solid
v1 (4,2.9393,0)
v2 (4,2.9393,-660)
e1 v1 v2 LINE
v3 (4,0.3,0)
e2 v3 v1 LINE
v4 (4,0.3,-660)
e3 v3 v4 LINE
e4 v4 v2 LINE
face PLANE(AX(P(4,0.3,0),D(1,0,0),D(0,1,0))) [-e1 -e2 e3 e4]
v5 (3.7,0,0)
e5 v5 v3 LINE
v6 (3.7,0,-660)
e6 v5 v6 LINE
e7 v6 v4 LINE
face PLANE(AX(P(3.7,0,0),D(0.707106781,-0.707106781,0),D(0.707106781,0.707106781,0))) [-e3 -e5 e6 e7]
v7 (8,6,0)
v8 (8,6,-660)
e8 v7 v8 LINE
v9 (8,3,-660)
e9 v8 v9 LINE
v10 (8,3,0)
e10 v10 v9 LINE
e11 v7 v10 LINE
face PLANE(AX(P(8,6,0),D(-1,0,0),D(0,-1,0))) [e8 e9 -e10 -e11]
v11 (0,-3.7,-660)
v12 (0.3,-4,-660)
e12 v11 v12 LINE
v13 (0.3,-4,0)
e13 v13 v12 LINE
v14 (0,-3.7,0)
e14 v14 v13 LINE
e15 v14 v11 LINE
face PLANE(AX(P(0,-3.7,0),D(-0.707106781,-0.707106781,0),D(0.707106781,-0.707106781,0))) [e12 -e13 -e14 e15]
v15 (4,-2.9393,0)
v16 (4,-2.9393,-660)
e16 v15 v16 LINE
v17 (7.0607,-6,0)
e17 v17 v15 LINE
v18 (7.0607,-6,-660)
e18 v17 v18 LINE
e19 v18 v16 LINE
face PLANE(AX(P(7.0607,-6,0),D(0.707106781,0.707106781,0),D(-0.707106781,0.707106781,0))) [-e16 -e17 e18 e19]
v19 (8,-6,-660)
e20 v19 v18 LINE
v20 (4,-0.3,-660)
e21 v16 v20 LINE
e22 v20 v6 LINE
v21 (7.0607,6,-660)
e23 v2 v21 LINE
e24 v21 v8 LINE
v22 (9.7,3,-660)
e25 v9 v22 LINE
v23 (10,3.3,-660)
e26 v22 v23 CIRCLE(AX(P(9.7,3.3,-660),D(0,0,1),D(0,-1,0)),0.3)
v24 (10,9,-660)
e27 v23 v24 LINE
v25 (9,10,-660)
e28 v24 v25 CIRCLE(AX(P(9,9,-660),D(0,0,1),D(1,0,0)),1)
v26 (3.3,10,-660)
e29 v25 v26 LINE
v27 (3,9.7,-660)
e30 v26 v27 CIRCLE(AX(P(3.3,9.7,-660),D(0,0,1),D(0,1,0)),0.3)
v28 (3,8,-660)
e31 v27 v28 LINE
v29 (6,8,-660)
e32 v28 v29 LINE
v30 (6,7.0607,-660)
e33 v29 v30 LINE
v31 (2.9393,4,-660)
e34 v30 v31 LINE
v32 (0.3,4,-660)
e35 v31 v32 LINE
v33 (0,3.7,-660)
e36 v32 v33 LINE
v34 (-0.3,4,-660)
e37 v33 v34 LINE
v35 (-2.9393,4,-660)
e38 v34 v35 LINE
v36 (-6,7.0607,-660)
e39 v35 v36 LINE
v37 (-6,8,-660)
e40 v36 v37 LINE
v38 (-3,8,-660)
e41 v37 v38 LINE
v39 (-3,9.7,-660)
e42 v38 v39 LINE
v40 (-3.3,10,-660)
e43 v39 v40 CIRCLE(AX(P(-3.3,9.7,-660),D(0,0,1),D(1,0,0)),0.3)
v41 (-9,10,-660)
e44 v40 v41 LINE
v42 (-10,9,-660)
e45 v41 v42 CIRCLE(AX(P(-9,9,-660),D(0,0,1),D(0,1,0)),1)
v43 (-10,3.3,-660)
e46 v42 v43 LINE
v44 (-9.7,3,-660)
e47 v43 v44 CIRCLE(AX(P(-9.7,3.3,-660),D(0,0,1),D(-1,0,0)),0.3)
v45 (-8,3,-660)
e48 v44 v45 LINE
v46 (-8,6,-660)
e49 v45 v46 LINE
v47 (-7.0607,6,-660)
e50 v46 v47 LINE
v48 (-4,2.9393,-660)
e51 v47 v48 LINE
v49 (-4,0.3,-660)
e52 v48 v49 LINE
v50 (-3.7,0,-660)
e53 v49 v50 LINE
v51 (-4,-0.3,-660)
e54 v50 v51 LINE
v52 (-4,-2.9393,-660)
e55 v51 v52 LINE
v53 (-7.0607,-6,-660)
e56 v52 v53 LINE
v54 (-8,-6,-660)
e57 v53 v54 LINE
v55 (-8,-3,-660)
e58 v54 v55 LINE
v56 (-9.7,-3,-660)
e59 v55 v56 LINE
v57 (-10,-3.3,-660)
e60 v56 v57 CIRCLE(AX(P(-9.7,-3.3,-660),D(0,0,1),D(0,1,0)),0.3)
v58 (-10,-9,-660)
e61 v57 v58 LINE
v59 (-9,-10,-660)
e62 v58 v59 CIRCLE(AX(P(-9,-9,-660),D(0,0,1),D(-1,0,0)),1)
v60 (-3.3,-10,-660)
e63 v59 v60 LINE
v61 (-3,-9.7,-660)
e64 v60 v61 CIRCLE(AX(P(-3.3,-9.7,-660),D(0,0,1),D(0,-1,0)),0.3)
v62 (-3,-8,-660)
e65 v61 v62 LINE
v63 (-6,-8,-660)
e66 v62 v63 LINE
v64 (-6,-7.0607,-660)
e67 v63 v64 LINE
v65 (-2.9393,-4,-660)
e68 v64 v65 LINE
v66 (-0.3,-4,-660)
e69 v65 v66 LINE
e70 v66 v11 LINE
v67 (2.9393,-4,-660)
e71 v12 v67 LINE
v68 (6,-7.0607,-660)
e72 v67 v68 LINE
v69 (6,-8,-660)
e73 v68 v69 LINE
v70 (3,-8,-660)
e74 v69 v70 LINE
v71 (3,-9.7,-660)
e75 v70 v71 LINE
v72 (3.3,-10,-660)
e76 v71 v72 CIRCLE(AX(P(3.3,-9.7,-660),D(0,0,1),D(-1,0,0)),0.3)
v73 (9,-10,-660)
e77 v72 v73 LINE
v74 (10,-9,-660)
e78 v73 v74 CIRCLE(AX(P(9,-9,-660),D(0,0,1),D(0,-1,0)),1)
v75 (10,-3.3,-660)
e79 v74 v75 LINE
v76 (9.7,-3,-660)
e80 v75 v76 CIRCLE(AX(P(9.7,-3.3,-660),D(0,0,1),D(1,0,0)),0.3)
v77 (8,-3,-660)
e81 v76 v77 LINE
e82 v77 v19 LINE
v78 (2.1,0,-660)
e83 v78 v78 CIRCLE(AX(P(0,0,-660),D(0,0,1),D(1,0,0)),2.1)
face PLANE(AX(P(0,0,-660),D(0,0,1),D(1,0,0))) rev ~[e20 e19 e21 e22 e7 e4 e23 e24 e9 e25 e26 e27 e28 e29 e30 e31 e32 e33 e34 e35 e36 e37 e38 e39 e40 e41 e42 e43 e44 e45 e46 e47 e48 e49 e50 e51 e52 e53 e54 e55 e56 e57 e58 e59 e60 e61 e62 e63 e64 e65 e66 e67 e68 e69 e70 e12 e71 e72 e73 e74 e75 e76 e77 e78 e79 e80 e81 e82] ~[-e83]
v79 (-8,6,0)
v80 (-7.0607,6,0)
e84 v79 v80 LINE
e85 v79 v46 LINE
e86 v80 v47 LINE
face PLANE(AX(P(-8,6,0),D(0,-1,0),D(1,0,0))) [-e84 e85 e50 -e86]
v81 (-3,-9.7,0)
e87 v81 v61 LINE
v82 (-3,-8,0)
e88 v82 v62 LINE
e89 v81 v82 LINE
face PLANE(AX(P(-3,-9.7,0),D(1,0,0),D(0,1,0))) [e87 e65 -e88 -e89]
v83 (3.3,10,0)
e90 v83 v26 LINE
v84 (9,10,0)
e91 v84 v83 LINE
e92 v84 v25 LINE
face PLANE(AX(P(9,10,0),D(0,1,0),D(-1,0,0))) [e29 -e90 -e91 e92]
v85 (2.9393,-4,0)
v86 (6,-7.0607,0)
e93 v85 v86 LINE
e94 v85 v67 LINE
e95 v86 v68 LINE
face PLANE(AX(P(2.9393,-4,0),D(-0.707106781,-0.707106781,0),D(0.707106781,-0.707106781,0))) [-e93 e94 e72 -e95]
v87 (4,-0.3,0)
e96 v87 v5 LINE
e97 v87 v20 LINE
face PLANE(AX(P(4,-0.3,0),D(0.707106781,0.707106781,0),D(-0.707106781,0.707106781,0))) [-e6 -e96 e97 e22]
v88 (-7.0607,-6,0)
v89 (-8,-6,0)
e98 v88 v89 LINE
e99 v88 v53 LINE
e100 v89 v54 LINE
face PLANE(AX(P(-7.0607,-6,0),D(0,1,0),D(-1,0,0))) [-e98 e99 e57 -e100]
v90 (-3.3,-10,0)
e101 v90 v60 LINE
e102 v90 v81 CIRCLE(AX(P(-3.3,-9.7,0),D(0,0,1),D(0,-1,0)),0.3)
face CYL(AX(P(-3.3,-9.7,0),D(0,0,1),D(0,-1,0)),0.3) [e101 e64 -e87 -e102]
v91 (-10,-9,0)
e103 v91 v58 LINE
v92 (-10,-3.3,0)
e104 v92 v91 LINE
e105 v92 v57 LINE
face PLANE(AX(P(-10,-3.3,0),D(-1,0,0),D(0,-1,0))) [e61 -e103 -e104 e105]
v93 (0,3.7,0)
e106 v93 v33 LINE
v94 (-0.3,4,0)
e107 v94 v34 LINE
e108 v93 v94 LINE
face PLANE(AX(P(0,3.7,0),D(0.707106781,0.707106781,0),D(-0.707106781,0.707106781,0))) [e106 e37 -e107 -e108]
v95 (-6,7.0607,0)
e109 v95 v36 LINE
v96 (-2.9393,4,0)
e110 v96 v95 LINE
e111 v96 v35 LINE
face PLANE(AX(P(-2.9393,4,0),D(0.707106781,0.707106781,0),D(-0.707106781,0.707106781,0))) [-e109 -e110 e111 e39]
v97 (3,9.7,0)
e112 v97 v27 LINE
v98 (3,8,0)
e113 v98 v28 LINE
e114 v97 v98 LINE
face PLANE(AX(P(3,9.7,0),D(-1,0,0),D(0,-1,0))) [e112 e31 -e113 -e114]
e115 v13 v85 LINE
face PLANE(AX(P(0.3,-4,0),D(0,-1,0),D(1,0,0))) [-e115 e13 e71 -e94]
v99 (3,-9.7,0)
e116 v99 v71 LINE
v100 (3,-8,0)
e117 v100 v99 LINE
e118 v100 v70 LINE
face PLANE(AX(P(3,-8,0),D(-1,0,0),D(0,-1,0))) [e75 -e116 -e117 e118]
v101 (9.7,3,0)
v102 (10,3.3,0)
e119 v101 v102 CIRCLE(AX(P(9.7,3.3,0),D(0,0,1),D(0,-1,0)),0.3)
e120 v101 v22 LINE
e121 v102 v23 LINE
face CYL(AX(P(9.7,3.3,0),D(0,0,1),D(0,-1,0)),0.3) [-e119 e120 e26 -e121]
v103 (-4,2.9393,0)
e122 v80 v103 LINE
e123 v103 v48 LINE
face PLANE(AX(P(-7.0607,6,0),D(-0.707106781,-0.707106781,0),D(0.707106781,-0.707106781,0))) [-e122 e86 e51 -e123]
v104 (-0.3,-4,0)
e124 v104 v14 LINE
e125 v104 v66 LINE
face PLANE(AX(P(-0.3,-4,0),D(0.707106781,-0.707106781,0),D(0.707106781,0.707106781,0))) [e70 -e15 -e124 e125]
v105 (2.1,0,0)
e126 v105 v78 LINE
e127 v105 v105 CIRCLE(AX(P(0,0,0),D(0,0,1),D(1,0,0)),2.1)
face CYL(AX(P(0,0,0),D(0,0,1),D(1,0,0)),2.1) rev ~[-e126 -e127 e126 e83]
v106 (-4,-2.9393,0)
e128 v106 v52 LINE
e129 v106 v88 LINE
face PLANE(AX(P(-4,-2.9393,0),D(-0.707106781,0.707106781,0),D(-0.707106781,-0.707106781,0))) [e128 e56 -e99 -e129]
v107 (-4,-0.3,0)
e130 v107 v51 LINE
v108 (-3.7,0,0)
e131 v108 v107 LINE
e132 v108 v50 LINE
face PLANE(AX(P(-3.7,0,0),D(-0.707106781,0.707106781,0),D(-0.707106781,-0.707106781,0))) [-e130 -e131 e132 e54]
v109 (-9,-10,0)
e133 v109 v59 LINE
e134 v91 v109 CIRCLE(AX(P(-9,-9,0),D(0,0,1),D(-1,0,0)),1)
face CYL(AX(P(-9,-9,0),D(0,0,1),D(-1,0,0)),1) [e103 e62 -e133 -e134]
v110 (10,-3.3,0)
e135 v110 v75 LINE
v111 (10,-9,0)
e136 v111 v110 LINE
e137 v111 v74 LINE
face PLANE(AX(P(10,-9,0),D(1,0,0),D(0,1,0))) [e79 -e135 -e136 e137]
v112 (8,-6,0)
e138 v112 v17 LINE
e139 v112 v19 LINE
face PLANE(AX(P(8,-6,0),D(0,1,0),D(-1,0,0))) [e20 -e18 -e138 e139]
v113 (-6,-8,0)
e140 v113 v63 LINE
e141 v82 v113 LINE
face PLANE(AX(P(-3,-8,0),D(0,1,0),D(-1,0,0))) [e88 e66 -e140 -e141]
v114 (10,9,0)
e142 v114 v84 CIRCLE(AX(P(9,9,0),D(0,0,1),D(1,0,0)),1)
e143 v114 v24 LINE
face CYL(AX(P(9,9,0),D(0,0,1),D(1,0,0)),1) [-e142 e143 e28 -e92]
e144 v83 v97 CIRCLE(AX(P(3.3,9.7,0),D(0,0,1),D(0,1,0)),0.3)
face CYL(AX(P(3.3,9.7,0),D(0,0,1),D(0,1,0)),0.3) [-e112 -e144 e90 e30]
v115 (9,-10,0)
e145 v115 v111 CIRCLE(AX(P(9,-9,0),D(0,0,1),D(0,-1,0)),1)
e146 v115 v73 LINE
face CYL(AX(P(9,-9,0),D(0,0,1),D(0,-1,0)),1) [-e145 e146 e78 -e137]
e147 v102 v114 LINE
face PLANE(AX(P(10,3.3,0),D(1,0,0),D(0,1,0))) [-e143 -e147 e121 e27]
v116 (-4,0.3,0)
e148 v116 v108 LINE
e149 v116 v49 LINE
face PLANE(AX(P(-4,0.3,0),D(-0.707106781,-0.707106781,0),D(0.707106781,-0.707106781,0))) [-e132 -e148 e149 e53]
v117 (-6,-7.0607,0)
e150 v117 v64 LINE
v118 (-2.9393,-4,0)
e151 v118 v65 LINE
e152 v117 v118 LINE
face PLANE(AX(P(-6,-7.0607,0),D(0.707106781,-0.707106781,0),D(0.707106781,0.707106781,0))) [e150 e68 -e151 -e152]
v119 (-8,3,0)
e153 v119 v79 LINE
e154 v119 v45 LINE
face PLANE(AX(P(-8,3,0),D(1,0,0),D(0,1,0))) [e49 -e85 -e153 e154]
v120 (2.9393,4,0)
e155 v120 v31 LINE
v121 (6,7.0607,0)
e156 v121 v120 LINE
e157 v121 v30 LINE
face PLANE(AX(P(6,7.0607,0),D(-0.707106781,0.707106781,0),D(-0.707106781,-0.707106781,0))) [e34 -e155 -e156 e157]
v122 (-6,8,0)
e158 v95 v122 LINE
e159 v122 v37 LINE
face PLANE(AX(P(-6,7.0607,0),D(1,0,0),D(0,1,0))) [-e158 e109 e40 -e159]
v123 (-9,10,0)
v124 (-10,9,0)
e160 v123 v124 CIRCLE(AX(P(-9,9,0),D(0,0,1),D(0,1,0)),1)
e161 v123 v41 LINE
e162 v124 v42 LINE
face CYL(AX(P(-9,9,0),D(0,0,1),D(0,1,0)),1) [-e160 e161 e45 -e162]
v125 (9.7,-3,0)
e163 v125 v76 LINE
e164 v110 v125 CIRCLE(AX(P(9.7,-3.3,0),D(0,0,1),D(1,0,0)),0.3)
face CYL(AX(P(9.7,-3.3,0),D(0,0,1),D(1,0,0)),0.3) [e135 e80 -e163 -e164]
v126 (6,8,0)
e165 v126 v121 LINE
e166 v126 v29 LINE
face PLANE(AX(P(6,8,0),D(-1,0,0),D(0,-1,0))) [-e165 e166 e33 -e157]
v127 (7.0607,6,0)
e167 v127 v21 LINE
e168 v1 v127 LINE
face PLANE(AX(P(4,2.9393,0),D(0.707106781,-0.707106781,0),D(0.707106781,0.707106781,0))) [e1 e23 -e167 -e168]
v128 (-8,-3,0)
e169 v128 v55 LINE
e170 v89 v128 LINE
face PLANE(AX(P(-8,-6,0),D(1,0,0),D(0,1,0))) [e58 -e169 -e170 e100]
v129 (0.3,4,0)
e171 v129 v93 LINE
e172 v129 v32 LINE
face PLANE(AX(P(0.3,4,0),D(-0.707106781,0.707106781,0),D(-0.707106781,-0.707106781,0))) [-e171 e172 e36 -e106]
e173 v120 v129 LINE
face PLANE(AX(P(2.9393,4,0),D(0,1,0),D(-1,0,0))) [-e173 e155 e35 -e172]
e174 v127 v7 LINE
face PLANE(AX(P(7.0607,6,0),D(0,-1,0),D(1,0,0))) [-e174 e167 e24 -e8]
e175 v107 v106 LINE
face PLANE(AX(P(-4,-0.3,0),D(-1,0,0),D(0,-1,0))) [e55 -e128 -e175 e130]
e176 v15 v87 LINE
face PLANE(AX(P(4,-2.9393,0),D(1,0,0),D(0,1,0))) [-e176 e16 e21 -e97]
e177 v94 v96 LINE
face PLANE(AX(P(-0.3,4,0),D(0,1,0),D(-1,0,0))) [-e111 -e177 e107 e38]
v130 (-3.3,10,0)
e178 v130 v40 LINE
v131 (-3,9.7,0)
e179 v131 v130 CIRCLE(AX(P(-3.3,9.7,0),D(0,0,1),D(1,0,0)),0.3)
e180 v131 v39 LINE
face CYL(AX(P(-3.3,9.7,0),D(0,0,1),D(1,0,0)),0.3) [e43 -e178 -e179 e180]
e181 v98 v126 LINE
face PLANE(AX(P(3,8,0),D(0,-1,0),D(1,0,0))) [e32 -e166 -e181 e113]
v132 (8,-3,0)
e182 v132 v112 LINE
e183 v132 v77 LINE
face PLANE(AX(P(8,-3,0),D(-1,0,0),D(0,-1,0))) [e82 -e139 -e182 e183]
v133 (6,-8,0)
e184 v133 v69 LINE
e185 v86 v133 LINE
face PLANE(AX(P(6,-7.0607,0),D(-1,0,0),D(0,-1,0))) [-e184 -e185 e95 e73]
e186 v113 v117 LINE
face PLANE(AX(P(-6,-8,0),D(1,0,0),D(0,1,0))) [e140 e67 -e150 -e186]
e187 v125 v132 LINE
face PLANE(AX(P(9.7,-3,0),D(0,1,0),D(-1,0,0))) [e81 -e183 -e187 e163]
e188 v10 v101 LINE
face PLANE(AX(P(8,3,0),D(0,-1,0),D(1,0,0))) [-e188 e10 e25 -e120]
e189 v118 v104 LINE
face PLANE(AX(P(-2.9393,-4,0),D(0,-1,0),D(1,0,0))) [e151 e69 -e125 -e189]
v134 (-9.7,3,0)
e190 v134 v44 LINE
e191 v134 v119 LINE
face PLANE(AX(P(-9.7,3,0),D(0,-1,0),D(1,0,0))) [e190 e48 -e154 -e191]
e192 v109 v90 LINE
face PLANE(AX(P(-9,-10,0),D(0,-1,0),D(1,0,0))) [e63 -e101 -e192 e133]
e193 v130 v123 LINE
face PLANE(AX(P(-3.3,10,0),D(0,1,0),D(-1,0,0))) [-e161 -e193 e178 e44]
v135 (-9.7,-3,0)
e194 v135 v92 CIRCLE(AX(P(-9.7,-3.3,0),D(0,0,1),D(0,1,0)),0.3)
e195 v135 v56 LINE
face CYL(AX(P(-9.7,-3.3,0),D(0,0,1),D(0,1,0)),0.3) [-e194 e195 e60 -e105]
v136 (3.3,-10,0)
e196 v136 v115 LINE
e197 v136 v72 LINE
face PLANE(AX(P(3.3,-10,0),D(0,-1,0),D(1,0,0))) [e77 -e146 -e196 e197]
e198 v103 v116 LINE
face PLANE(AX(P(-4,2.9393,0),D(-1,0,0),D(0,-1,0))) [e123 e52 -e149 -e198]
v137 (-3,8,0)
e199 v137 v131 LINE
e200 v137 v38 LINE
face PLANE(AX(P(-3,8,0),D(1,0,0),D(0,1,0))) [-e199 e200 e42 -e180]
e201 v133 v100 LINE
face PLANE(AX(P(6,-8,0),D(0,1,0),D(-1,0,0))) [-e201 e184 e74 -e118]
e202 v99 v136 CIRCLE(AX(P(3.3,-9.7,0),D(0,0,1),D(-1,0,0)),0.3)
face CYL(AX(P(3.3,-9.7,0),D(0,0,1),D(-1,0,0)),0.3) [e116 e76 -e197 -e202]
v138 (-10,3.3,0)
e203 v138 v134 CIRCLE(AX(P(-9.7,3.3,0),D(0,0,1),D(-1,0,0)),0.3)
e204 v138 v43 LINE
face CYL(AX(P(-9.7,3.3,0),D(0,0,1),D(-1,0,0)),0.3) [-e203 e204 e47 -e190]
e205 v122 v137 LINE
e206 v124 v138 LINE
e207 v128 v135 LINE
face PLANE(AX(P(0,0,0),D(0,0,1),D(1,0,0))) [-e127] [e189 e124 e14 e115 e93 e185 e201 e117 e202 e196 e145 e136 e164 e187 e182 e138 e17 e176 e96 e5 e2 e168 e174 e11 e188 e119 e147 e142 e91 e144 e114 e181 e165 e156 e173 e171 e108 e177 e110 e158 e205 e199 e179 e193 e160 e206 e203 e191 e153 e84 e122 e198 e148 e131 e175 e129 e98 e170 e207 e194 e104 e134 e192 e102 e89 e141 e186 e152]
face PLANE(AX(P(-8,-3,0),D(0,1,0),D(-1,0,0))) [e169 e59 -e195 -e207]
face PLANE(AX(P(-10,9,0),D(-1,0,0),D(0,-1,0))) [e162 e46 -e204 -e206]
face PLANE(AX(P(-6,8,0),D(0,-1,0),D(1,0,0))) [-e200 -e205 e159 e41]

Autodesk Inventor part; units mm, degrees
ref_plane "YZ Plane" through (0, 0, 0) normal (1, 0, 0) x (0, 1, 0)
ref_plane "XZ Plane" through (0, 0, 0) normal (0, 1, 0) x (-1, 0, 0)
ref_plane "XY Plane" through (0, 0, 0) normal (0, 0, 1) x (1, 0, 0)
sketch "Sketch_5" plane through (0, 0, 0) normal (0, 0, 1) x (1, 0, 0)
  line L0 (-10, 9) -> (-10, 3.3)
  arc A0 (-10, 3.3) -> (-9.7, 3) centre (-9.7, 3.3) ccw
  line L1 (-9.7, 3) -> (-8, 3)
  line L2 (-8, 3) -> (-8, 6)
  line L3 (-8, 6) -> (-7.0607, 6)
  line L4 (-7.0607, 6) -> (-4, 2.9393)
  line L5 (-4, 2.9393) -> (-4, 0.3)
  line L6 (-4, 0.3) -> (-3.7, 0)
  line L7 (-3.7, 0) -> (-4, -0.3)
  line L8 (-4, -0.3) -> (-4, -2.9393)
  line L9 (-4, -2.9393) -> (-7.0607, -6)
  line L10 (-7.0607, -6) -> (-8, -6)
  line L11 (-8, -6) -> (-8, -3)
  line L12 (-8, -3) -> (-9.7, -3)
  arc A1 (-9.7, -3) -> (-10, -3.3) centre (-9.7, -3.3) ccw
  line L13 (-10, -3.3) -> (-10, -9)
  arc A2 (-10, -9) -> (-9, -10) centre (-9, -9) ccw
  line L14 (-9, -10) -> (-3.3, -10)
  arc A3 (-3.3, -10) -> (-3, -9.7) centre (-3.3, -9.7) ccw
  line L15 (-3, -9.7) -> (-3, -8)
  line L16 (-3, -8) -> (-6, -8)
  line L17 (-6, -8) -> (-6, -7.0607)
  line L18 (-6, -7.0607) -> (-2.9393, -4)
  line L19 (-2.9393, -4) -> (-0.3, -4)
  line L20 (-0.3, -4) -> (0, -3.7)
  line L21 (0, -3.7) -> (0.3, -4)
  line L22 (0.3, -4) -> (2.9393, -4)
  line L23 (2.9393, -4) -> (6, -7.0607)
  line L24 (6, -7.0607) -> (6, -8)
  line L25 (6, -8) -> (3, -8)
  line L26 (3, -8) -> (3, -9.7)
  arc A4 (3, -9.7) -> (3.3, -10) centre (3.3, -9.7) ccw
  line L27 (3.3, -10) -> (9, -10)
  arc A5 (9, -10) -> (10, -9) centre (9, -9) ccw
  line L28 (10, -9) -> (10, -3.3)
  arc A6 (10, -3.3) -> (9.7, -3) centre (9.7, -3.3) ccw
  line L29 (9.7, -3) -> (8, -3)
  line L30 (8, -3) -> (8, -6)
  line L31 (8, -6) -> (7.0607, -6)
  line L32 (7.0607, -6) -> (4, -2.9393)
  line L33 (4, -2.9393) -> (4, -0.3)
  line L34 (4, -0.3) -> (3.7, 0)
  line L35 (3.7, 0) -> (4, 0.3)
  line L36 (4, 0.3) -> (4, 2.9393)
  line L37 (4, 2.9393) -> (7.0607, 6)
  line L38 (7.0607, 6) -> (8, 6)
  line L39 (8, 6) -> (8, 3)
  line L40 (8, 3) -> (9.7, 3)
  arc A7 (9.7, 3) -> (10, 3.3) centre (9.7, 3.3) ccw
  line L41 (10, 3.3) -> (10, 9)
  arc A8 (10, 9) -> (9, 10) centre (9, 9) ccw
  line L42 (9, 10) -> (3.3, 10)
  arc A9 (3.3, 10) -> (3, 9.7) centre (3.3, 9.7) ccw
  line L43 (3, 9.7) -> (3, 8)
  line L44 (3, 8) -> (6, 8)
  line L45 (6, 8) -> (6, 7.0607)
  line L46 (6, 7.0607) -> (2.9393, 4)
  line L47 (2.9393, 4) -> (0.3, 4)
  line L48 (0.3, 4) -> (0, 3.7)
  line L49 (0, 3.7) -> (-0.3, 4)
  line L50 (-0.3, 4) -> (-2.9393, 4)
  line L51 (-2.9393, 4) -> (-6, 7.0607)
  line L52 (-6, 7.0607) -> (-6, 8)
  line L53 (-6, 8) -> (-3, 8)
  line L54 (-3, 8) -> (-3, 9.7)
  arc A10 (-3, 9.7) -> (-3.3, 10) centre (-3.3, 9.7) ccw
  line L55 (-3.3, 10) -> (-9, 10)
  arc A11 (-9, 10) -> (-10, 9) centre (-9, 9) ccw
  circle A12 centre (0, 0) radius 2.1
extrude "Extrusion1" add sketch "Sketch_5" against normal blind 660
properties part number "KHFS5-2020-4000" material "Aluminum 6061"
